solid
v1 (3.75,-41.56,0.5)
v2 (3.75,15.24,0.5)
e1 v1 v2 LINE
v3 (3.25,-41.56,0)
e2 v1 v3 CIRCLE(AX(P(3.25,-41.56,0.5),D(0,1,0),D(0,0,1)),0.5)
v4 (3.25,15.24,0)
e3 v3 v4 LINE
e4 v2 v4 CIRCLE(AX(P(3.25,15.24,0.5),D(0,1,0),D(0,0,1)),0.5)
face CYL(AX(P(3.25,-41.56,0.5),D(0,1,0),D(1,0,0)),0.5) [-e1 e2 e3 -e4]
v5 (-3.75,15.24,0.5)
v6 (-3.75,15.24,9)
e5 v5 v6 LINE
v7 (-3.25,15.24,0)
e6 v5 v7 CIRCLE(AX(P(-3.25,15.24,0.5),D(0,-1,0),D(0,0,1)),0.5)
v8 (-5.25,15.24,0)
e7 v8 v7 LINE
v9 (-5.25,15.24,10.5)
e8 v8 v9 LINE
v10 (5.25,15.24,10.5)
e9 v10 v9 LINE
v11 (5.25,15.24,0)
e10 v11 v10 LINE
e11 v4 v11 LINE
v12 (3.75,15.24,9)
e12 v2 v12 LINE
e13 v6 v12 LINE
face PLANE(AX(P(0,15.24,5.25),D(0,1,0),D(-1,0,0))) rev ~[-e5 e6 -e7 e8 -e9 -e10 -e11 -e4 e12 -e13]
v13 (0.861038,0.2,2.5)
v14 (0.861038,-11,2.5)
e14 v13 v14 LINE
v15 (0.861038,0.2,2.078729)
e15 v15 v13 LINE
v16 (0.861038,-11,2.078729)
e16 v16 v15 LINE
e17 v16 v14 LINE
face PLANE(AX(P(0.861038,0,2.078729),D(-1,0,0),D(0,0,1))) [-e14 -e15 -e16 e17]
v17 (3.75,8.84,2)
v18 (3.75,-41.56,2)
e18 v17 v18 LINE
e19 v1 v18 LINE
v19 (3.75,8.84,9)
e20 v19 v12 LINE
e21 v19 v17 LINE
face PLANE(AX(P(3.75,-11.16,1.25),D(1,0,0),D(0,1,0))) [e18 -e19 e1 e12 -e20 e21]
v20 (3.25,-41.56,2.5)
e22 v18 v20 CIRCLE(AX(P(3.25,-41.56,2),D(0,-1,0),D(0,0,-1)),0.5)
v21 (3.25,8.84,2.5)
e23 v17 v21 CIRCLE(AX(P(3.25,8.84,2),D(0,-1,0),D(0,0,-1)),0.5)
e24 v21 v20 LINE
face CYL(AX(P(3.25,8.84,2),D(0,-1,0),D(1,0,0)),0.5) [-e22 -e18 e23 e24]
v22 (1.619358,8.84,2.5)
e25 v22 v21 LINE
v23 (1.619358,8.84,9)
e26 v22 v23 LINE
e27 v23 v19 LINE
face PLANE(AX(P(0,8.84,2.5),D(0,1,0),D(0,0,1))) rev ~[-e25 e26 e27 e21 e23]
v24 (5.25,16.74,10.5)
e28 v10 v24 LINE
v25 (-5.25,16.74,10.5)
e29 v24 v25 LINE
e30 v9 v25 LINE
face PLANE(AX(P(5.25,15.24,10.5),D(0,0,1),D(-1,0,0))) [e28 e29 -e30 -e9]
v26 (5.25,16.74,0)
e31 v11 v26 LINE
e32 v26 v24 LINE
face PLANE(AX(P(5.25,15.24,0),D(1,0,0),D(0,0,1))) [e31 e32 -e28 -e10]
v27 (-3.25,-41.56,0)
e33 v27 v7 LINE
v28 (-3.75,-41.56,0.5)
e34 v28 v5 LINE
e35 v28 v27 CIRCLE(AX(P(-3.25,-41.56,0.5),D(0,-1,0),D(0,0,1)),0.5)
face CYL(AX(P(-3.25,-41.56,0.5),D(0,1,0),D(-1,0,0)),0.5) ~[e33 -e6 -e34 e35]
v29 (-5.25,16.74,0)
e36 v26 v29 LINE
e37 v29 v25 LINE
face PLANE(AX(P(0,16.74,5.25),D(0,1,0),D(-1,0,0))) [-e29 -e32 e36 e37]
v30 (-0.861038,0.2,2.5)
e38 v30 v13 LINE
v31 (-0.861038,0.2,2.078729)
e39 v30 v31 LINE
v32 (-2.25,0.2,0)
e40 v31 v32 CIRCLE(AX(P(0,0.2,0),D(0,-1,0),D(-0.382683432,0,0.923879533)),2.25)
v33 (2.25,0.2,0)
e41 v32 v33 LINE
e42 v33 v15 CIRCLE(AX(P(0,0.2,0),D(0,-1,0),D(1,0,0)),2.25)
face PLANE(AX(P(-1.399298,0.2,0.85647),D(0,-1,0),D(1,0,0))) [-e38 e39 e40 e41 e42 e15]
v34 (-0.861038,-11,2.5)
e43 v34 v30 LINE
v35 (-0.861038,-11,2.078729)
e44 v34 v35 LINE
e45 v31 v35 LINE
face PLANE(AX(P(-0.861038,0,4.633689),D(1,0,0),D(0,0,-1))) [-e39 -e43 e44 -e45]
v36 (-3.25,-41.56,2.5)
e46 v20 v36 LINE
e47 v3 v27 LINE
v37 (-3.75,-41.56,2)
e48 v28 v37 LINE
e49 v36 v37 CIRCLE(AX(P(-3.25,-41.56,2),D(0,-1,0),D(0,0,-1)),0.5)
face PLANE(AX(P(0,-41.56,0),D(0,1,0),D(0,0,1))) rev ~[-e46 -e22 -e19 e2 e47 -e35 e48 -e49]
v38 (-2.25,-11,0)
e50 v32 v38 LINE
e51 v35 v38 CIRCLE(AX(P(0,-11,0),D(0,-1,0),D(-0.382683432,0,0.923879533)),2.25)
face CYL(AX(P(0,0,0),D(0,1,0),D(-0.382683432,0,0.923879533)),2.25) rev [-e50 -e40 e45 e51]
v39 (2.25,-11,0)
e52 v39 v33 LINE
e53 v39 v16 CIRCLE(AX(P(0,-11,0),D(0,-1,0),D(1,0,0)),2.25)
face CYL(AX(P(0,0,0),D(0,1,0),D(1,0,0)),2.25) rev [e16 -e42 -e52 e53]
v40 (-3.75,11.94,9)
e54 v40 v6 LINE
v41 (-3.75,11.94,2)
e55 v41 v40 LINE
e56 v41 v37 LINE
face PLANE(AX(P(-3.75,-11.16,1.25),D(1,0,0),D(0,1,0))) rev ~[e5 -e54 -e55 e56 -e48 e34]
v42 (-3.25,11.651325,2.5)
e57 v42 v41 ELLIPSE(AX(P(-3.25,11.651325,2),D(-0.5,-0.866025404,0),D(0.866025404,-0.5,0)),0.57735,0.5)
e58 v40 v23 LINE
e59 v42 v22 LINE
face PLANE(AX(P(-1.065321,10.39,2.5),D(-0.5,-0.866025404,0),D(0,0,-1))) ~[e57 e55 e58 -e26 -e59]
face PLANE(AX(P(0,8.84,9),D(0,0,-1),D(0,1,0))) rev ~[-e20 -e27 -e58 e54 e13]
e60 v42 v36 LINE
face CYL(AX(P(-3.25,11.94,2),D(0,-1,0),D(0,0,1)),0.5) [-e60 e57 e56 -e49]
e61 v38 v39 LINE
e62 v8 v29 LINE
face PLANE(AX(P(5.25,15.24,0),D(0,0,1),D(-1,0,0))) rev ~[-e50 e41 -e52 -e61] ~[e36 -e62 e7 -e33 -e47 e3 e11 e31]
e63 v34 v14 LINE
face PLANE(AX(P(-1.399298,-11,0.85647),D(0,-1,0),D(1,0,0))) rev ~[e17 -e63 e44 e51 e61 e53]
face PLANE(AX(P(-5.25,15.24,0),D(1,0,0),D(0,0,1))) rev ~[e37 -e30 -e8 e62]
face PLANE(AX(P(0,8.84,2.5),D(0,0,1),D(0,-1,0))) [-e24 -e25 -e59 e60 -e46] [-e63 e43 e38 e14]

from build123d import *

# Parameters (mm, degrees)
F0_W          = 6.4
F0_H          = 6.5
F0_W_2        = 4
F0_H_2        = 2.5
F1_DEPTH      = 3.75
F2_SIZE2      = 5.3693575035
F2_SIZE       = 3.1
F3_W          = 10.5
F3_H          = 10.5
F4_DEPTH      = 1.5
F6_DEPTH      = 11
F6_DEPTH_BACK = 0.2
F7_R          = 0.5


with BuildPart() as f1:
    # F0 (on Right) → F1 (new body, symmetric)
    with BuildSketch(Plane.YZ):
        Polygon((15.24, 0), (15.24, 2.5), (8.84, 2.5), (-37.56, 2.5), (-37.56, 0), align=None)
        with Locations((12.04, 5.75)):
            Rectangle(F0_W, F0_H)
        with Locations((-39.56, 1.25)):
            Rectangle(F0_W_2, F0_H_2)
    extrude(amount=F1_DEPTH, both=True)

    # F2
    f2_edges = [f1.edges().sort_by_distance(p)[0] for p in [
        (-3.75, 8.84, 5.75),
    ]]
    f2_side = f1.faces().sort_by_distance((-3.75, -7.450196, 2.269608))[0]
    chamfer(f2_edges, length=F2_SIZE, length2=F2_SIZE2, reference=f2_side)

    # F3 (on face) → F4 (join)
    with BuildSketch(Plane(origin=(0, 15.24, 0), x_dir=(-1, 0, 0), z_dir=(0, 1, 0))):
        with Locations((0, 5.25)):
            Rectangle(F3_W, F3_H)
    extrude(amount=F4_DEPTH)

    # F5 (on Front) → F6 (cut, two sides)
    with BuildSketch(Plane.XZ) as f6_sk:
        with BuildLine():
            ThreePointArc((-0.8610377228, 2.0787289482), (-1.8708066277, 1.2500330243), (-2.25, 0))
            Line((-2.25, 0), (-0.8610377228, 0))
            Line((-0.8610377228, 0), (-0.8610377228, 2.0787289482))
        make_face()
        with BuildLine():
            Line((-0.8610377228, 4.6336889094), (-0.8610377228, 2.0787289482))
            ThreePointArc((-0.8610377228, 2.0787289482), (0, 2.25), (0.8610377228, 2.0787289482))
            Line((0.8610377228, 2.0787289482), (0.8610377228, 4.6336889094))
            Line((0.8610377228, 4.6336889094), (-0.8610377228, 4.6336889094))
        make_face()
        with BuildLine():
            ThreePointArc((0.8610377228, 2.0787289482), (0, 2.25), (-0.8610377228, 2.0787289482))
            Line((-0.8610377228, 2.0787289482), (-0.8610377228, 0))
            Line((-0.8610377228, 0), (0.8610377228, 0))
            Line((0.8610377228, 0), (0.8610377228, 2.0787289482))
        make_face()
        with BuildLine():
            ThreePointArc((2.25, 0), (1.8708066277, 1.2500330243), (0.8610377228, 2.0787289482))
            Line((0.8610377228, 2.0787289482), (0.8610377228, 0))
            Line((0.8610377228, 0), (2.25, 0))
        make_face()
    extrude(amount=F6_DEPTH, mode=Mode.SUBTRACT)
    extrude(f6_sk.sketch, amount=-F6_DEPTH_BACK, mode=Mode.SUBTRACT)

    # F7
    f7_edges = [f1.edges().sort_by_distance(p)[0] for p in [
        (-3.75, -13.16, 0),
        (-3.75, -14.81, 2.5),
        (3.75, -16.36, 2.5),
        (3.75, -13.16, 0),
    ]]
    fillet(f7_edges, radius=F7_R)


solid = f1.part
